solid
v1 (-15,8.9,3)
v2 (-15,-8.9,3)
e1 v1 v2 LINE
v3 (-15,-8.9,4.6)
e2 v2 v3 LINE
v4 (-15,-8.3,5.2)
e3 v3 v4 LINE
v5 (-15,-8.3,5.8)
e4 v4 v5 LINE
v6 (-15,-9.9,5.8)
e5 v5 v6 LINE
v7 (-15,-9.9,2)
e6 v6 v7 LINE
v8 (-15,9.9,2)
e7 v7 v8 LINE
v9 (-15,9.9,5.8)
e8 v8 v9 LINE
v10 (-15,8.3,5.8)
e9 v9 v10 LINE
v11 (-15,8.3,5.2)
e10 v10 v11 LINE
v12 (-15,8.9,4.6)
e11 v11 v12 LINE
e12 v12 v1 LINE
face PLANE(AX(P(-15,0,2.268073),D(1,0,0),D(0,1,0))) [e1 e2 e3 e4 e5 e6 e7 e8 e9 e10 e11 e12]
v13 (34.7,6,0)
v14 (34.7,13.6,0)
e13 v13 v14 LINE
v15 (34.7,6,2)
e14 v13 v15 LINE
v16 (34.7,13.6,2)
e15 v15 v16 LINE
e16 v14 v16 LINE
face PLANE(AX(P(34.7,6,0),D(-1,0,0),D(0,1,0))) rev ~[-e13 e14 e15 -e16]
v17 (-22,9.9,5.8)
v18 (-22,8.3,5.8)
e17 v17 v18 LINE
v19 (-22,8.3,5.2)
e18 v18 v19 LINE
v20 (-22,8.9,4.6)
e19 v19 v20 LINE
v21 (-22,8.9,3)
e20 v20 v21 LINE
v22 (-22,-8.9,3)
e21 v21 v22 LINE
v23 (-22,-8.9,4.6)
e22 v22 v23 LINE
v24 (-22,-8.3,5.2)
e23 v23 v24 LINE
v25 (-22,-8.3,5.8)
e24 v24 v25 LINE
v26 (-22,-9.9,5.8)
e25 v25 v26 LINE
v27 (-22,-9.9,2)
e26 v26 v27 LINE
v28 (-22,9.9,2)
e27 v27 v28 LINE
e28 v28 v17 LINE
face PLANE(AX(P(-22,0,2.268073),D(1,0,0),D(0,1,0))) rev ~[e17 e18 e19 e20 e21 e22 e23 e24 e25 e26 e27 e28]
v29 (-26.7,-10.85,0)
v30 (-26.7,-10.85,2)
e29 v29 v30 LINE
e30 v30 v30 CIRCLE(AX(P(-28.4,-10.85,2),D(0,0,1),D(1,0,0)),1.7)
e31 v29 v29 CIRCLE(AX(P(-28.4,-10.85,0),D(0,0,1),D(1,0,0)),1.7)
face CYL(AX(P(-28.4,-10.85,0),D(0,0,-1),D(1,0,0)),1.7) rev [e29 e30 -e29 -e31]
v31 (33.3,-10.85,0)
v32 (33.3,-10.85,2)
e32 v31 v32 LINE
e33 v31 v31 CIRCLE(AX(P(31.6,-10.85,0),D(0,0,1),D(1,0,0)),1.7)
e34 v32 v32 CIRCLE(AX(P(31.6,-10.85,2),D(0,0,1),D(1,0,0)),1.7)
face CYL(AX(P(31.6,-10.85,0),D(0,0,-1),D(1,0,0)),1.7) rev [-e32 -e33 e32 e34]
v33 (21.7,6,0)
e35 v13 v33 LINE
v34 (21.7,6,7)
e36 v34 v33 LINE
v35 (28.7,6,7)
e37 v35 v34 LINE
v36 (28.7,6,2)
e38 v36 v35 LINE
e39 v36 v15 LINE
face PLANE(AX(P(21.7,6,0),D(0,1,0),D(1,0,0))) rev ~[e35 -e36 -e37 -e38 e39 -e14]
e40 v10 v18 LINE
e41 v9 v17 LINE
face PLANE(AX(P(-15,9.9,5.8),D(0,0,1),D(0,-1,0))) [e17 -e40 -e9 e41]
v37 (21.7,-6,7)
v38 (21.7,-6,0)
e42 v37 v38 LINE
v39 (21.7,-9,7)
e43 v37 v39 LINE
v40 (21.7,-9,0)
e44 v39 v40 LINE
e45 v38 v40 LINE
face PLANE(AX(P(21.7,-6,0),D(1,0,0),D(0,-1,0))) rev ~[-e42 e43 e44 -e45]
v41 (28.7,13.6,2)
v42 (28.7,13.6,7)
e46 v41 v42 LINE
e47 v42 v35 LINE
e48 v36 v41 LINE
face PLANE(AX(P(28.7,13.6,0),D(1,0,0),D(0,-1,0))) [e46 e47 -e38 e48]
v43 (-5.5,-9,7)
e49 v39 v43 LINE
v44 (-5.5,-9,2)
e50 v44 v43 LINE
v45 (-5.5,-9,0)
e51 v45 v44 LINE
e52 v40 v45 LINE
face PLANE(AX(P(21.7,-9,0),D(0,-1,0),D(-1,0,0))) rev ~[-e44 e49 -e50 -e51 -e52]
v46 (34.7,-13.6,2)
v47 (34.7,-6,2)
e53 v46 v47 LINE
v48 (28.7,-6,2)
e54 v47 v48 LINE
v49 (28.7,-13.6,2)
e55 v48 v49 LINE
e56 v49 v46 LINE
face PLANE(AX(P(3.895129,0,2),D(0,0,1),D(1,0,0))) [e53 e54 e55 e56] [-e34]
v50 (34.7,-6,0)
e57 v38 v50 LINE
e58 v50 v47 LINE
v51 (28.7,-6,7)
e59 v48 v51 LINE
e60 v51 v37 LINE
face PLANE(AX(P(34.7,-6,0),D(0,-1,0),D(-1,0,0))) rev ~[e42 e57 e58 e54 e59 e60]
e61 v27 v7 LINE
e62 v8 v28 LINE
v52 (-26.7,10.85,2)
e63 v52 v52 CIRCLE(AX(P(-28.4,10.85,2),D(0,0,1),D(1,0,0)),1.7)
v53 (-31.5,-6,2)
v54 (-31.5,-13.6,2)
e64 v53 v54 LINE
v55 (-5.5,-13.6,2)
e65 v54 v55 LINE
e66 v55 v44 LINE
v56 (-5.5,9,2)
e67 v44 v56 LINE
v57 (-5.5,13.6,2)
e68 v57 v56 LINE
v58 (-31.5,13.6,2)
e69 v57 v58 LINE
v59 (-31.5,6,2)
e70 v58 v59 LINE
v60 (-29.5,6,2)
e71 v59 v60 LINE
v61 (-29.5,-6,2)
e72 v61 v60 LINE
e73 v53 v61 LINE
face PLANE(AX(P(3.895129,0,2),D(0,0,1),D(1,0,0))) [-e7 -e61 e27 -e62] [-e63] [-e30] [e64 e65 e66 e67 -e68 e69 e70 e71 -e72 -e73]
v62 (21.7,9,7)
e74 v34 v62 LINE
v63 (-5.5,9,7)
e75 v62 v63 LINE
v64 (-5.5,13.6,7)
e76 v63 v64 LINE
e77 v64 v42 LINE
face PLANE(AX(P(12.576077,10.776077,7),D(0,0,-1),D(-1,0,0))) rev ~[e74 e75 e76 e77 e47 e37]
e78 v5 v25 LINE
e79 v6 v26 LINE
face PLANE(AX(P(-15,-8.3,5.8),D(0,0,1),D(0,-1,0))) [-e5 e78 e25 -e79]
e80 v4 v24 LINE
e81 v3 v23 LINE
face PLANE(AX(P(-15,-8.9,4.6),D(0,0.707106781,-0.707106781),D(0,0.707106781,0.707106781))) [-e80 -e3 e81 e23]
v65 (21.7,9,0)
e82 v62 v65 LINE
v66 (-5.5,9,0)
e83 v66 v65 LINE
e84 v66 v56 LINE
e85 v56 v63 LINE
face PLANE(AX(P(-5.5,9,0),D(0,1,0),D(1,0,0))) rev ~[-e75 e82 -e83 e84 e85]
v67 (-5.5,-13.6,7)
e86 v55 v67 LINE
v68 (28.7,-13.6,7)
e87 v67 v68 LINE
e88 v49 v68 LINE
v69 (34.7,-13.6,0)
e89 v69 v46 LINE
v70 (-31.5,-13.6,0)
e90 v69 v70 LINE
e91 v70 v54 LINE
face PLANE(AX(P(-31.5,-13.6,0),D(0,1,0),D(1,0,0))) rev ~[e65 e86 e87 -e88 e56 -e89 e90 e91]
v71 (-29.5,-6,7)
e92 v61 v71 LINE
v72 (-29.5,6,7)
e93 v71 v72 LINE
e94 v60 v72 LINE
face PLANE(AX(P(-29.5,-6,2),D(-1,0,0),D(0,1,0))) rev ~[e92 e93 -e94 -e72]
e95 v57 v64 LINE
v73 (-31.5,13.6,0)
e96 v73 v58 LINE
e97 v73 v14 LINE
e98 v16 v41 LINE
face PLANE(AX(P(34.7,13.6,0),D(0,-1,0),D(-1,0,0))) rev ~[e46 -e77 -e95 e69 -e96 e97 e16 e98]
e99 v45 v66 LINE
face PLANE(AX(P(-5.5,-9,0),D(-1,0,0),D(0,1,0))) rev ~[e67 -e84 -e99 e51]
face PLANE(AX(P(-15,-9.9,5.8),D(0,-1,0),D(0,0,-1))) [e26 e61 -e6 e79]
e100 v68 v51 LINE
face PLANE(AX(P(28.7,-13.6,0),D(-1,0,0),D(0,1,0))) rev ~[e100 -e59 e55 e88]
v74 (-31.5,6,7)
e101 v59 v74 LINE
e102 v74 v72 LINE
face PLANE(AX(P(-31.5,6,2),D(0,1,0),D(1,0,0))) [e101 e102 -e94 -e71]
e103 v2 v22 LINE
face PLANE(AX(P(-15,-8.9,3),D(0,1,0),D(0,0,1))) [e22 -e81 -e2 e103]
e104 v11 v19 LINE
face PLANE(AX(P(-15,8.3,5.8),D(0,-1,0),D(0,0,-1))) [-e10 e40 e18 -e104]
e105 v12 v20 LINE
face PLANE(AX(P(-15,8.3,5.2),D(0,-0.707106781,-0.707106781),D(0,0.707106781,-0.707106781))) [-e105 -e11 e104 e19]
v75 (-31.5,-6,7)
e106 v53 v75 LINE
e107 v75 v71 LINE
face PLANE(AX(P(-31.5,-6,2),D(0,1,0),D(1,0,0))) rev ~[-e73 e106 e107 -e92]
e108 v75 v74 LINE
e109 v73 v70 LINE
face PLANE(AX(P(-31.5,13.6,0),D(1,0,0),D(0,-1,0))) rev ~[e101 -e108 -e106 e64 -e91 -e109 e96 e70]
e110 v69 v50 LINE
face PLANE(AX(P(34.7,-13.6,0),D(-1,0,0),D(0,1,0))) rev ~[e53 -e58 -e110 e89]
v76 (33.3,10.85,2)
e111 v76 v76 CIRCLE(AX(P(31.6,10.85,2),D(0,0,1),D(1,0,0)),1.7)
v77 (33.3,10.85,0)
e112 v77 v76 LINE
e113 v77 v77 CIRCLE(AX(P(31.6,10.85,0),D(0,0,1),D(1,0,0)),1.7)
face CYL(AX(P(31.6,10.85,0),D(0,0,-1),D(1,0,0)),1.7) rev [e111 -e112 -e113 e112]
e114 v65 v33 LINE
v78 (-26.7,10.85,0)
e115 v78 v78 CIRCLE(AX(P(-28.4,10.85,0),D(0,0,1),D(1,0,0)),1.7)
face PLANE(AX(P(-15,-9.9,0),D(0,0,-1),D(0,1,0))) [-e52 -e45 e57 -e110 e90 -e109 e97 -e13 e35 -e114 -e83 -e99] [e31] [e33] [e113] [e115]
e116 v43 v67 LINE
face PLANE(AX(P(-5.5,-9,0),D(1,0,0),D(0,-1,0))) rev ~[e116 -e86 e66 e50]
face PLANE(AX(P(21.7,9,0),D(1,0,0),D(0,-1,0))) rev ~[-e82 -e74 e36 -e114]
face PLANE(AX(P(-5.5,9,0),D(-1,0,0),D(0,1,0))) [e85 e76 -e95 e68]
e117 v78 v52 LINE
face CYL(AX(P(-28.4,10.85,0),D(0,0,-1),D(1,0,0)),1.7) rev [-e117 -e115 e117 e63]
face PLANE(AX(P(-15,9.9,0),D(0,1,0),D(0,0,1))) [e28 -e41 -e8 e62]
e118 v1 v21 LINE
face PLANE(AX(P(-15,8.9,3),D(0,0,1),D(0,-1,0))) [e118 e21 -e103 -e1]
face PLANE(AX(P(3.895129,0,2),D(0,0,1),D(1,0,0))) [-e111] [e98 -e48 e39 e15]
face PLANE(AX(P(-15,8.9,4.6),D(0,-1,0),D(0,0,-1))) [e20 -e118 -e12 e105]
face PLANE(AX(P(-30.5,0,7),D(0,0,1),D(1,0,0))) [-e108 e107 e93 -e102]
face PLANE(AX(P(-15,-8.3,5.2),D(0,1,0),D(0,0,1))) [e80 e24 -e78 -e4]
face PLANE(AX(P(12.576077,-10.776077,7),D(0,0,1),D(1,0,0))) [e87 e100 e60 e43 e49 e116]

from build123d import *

# Parameters (mm, degrees)
SKETCH022_R  = 1.7
PAD005_DEPTH = 2
PAD006_DEPTH = 7
PAD007_DEPTH = 7
SKETCH025_W  = 2
SKETCH025_H  = 12
PAD008_DEPTH = 5


with BuildPart() as part:
    # Sketch022 → Pad005 (new body)
    with BuildSketch(Plane.XY):
        Polygon((-31.5, -13.6), (34.7, -13.6), (34.7, -6), (21.7, -6), (21.7, -9), (-5.5, -9), (-5.5, 9), (21.7, 9), (21.7, 6), (34.7, 6), (34.7, 13.6), (-31.5, 13.6), align=None)
        with Locations((31.6, 10.85)):
            Circle(SKETCH022_R, mode=Mode.SUBTRACT)
        with Locations((31.6, -10.85)):
            Circle(SKETCH022_R, mode=Mode.SUBTRACT)
        with Locations((-28.4, 10.85)):
            Circle(SKETCH022_R, mode=Mode.SUBTRACT)
        with Locations((-28.4, -10.85)):
            Circle(SKETCH022_R, mode=Mode.SUBTRACT)
    extrude(amount=PAD005_DEPTH)

    # Sketch023 → Pad006 (join)
    with BuildSketch(Plane.XY):
        Polygon((-5.5, 9), (-5.5, 13.6), (28.7, 13.6), (28.7, 6), (21.7, 6), (21.7, 9), align=None)
        Polygon((-5.5, -9), (-5.5, -13.6), (28.7, -13.6), (28.7, -6), (21.7, -6), (21.7, -9), align=None)
    extrude(amount=PAD006_DEPTH)

    # Sketch024 → Pad007 (join)
    with BuildSketch(Plane.YZ.offset(-15)):
        Polygon((9.9, 0), (9.9, 5.8), (8.3, 5.8), (8.3, 5.2), (8.9, 4.6), (8.9, 3), (-8.9, 3), (-8.9, 4.6), (-8.3, 5.2), (-8.3, 5.8), (-9.9, 5.8), (-9.9, 0), align=None)
    extrude(amount=-PAD007_DEPTH)

    # Sketch025 (on Face4 of Pad007) → Pad008 (join)
    with BuildSketch(Plane.XY.offset(2)):
        with Locations((-30.5, 0)):
            Rectangle(SKETCH025_W, SKETCH025_H)
    extrude(amount=PAD008_DEPTH)


solid = part.part
